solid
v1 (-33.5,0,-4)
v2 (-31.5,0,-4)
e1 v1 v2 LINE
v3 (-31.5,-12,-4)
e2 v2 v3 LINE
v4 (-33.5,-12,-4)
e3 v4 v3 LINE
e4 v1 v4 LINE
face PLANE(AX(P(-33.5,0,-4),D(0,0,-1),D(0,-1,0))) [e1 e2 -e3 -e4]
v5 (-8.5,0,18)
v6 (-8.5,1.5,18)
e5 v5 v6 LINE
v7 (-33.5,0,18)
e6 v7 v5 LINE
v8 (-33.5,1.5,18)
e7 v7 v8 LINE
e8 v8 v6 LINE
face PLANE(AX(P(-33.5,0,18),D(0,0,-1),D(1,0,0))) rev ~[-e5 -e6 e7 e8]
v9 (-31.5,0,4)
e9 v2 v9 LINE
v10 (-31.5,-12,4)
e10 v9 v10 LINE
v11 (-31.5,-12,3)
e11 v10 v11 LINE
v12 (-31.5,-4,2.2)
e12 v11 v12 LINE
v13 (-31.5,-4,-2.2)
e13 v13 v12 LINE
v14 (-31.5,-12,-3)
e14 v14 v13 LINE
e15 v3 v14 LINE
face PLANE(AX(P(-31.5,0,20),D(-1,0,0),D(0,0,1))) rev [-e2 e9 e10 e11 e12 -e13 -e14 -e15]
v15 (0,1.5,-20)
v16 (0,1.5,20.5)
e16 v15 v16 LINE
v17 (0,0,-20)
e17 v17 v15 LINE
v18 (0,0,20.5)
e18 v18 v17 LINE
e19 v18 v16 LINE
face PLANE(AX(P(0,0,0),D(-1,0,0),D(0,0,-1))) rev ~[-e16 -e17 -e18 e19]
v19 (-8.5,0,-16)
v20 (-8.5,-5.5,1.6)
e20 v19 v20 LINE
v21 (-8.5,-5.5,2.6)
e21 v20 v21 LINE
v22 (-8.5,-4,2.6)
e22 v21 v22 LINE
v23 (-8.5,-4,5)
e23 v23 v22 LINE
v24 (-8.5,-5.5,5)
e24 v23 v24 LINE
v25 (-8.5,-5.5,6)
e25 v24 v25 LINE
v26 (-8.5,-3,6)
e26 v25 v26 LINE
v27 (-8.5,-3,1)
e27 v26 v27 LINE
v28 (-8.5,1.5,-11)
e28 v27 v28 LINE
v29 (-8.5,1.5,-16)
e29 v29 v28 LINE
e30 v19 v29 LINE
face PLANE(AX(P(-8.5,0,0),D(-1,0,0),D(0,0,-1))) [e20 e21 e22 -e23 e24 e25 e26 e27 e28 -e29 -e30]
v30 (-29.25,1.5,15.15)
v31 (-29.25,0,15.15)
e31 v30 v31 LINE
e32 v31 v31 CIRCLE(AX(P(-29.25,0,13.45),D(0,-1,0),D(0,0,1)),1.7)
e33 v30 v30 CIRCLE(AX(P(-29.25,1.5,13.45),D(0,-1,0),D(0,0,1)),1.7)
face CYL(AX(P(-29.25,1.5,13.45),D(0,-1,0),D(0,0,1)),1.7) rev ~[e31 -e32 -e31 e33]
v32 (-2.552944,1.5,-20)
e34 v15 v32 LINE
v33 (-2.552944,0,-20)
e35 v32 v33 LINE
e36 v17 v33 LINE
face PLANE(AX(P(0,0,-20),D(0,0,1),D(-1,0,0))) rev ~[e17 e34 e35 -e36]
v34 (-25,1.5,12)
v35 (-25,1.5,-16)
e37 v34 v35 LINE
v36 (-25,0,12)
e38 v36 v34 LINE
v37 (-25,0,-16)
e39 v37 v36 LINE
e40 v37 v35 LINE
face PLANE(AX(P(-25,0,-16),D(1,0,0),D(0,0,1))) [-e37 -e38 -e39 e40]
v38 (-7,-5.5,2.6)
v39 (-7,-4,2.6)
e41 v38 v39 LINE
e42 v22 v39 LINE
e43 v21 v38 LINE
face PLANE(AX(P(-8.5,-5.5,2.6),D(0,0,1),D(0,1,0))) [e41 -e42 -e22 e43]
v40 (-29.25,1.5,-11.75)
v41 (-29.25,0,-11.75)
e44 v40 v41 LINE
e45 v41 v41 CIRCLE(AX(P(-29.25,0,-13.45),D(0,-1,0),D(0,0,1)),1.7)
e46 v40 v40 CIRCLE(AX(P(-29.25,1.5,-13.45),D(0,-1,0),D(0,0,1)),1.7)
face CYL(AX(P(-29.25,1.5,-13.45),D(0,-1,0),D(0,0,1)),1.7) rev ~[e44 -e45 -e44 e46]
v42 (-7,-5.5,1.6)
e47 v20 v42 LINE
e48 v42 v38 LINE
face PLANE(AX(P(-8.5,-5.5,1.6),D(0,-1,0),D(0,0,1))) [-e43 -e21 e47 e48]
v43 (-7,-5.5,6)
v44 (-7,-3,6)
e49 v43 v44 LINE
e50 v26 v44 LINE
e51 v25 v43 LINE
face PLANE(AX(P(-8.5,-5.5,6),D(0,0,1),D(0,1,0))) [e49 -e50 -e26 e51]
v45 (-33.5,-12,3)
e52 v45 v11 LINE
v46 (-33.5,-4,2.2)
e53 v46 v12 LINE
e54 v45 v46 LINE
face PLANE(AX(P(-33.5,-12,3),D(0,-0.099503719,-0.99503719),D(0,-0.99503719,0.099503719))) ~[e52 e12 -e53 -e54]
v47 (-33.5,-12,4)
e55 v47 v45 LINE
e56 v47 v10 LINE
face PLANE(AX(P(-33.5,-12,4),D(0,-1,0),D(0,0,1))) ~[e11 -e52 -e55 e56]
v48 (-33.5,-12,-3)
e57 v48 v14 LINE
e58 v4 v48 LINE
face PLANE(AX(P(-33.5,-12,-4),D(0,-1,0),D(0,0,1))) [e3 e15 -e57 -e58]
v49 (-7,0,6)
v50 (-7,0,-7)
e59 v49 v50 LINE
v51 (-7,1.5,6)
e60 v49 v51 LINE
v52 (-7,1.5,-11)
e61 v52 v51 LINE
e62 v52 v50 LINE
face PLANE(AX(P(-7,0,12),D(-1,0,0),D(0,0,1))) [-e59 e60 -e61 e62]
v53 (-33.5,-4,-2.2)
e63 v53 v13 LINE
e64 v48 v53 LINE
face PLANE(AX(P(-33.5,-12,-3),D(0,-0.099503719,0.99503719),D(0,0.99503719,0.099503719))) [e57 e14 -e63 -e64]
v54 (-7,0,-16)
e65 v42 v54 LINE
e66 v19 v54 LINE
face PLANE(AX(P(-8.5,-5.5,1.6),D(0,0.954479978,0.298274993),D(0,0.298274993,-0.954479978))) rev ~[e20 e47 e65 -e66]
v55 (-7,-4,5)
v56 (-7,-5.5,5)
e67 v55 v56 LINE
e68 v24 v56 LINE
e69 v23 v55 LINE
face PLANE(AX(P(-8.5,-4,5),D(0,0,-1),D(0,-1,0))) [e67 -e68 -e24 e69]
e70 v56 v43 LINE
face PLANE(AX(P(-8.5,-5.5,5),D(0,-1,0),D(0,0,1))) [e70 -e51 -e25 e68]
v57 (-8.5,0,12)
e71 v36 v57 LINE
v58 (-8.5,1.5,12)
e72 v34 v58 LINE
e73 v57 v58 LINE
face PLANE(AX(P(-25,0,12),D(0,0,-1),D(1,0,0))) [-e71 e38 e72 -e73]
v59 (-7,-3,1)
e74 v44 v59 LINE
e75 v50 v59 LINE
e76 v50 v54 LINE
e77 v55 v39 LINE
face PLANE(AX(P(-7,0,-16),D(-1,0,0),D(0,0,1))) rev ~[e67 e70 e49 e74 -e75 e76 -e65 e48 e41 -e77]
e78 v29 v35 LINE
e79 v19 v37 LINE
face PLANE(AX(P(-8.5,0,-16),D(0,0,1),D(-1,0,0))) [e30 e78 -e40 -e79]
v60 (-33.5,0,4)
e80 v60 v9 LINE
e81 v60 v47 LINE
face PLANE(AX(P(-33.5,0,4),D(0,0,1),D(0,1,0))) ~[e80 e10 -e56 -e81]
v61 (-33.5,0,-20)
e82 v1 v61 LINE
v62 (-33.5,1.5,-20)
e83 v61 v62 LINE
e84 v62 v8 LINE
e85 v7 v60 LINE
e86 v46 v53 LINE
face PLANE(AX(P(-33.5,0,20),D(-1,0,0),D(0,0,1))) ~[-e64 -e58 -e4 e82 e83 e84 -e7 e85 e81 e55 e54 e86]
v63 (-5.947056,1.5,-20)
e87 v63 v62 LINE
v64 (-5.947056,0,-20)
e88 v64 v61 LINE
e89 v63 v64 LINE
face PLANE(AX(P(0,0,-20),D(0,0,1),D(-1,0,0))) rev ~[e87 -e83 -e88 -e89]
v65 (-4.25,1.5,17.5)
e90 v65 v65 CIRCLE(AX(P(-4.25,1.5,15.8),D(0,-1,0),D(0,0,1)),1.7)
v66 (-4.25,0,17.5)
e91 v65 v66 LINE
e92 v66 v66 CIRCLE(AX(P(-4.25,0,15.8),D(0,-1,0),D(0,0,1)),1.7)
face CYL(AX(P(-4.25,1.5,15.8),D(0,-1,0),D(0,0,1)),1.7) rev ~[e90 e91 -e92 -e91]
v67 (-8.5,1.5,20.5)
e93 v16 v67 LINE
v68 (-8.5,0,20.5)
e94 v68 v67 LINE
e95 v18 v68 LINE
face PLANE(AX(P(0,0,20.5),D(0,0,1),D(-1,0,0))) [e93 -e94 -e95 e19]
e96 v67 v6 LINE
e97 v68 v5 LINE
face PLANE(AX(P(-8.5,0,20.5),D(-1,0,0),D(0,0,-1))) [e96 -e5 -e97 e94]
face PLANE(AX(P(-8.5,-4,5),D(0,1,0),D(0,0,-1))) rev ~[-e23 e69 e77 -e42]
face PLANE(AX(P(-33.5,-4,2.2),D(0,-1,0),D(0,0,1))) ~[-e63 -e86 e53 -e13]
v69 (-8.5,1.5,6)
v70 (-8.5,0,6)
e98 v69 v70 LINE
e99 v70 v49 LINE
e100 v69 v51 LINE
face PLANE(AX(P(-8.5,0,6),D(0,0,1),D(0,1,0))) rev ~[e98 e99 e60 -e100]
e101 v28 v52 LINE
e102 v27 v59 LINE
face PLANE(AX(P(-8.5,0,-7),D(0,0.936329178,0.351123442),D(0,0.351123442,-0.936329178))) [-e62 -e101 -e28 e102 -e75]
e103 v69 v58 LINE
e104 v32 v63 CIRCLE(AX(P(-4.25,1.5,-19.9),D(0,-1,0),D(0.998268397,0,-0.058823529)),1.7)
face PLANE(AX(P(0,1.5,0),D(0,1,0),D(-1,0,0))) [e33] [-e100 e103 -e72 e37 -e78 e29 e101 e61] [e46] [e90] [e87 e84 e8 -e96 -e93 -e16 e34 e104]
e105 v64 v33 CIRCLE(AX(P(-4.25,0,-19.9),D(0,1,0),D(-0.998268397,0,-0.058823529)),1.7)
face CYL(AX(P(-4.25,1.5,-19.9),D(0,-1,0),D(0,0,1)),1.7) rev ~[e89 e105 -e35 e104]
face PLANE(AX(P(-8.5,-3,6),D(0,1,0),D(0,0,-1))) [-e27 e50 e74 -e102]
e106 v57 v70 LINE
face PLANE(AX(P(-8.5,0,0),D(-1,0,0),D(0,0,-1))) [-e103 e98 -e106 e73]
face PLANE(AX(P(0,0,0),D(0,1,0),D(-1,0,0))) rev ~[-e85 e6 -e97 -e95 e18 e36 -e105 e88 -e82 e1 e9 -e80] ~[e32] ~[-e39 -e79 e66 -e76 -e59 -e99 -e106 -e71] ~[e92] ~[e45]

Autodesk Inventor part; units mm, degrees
ref_plane "YZ Plane" through (0, 0, 0) normal (1, 0, 0) x (0, 1, 0)
ref_plane "XZ Plane" through (0, 0, 0) normal (0, 1, 0) x (-1, 0, 0)
sketch "Skizze1" plane through (0, 0, 0) normal (0, 1, 0) x (-1, 0, 0)
  line L0 (0, -20) -> (33.5, -20)
  line L1 (33.5, -20) -> (33.5, 18)
  line L2 (33.5, 18) -> (0, 18)
  line L3 (0, 18) -> (0, -20)
  line L4 (-6.7, 0) -> (40.2, 0) projected
  line L5 (0, 18) -> (0, 20.5)
  line L6 (0, 20.5) -> (8.5, 20.5)
  line L7 (8.5, 20.5) -> (8.5, 18)
  line L8 (25, 12) -> (8.5, 12)
  line L9 (8.5, 12) -> (8.5, -16)
  line L10 (8.5, -16) -> (25, -16)
  line L11 (25, -16) -> (25, 12)
  point P0 (0, 0)
  dimension "d1" = 33.5
  dimension "d4" = 18
  dimension "d5" = 20
  dimension "d6" = 2.5
  dimension "d7" = 8.5
  dimension "d8" = 6
  dimension "d9" = 4
  dimension "d10" = 8.5
  dimension "d11" = 8.5
extrude "Extrusion1" add sketch "Skizze1" along normal blind 1.5 contours L3 L4 L9 L10 L11 L1 L0 | L3 L2 L1 L4 L11 L8 L9 | L5 L6 L7 L2
sketch "Skizze2" plane through (-8.5, 0, -16) normal (-1, 0, 0) x (0, 0, 1)
  line L0 (28, 0) -> (0, 0) projected
  line L1 (17.6, 0) -> (17.6, -5.5)
  line L2 (17.6, -5.5) -> (18.6, -5.5)
  line L3 (18.6, -5.5) -> (18.6, 0)
  line L4 (21, 0) -> (21, -5.5)
  line L5 (21, -5.5) -> (22, -5.5)
  line L6 (22, -5.5) -> (22, 0)
  line L7 (16, 2.6) -> (16, -5.1) projected
  line L8 (21, -4) -> (18.6, -4)
  line L9 (17.6, -5.5) -> (0, 0)
  point P0 (16, 0)
  point P1 (16, -5)
  dimension "d12" = 2.6
  dimension "d13" = 5
  dimension "d14" = 1
  dimension "d15" = 1
  dimension "d16" = 5.5
  dimension "d19" = 4
extrude "Extrusion2" add sketch "Skizze2" against normal blind 1.5
sketch "Skizze3" plane through (-8.5, 0, 12) normal (-1, 0, 0) x (0, 0, 1)
  line L0 (-32, 1.5) -> (6, 1.5) projected
  line L1 (-6, -5.5) -> (-6, 0) projected
  line L2 (-6, 0) -> (-28, 0) projected
  line L3 (-6, 0) -> (-6, 1.5)
  line L4 (-6, 0) -> (-6, -5.5) projected
  line L5 (-6, -3) -> (-11, -3)
  line L6 (-11, -3) -> (-23, 1.5)
  line L7 (8.5, 1.5) -> (-32, 1.5) projected
  line L8 (-9.4, -4) -> (-7, -4) projected
  line L9 (-28, 0) -> (-28, 1.5) projected
  point P0 (-12, 0)
  dimension "d20" = 1
  dimension "d21" = 5
  dimension "d23" = 5
extrude "Extrusion3" cut sketch "Skizze3" against normal up to surface (1.5 mm away) contours L0 L3 L2 L6 | L2 L1 L5 L6
sketch "Skizze4" plane through (-33.5, 0, -20) normal (-1, 0, 0) x (0, 0, 1)
  line L0 (32, 0) -> (4, 0) projected
  line L1 (16, 0) -> (16, -12)
  line L2 (16, -12) -> (17, -12)
  line L3 (17, -12) -> (17.8, -4)
  line L4 (17.8, -4) -> (20, -4)
  line L5 (20, -4) -> (20, 0)
  line L6 (20, 5.3565) -> (20, -21.6388) projected
  dimension "d26" = 3
  dimension "d27" = 2.2
  dimension "d28" = 4
  dimension "d29" = 8
  dimension "d30" = 12
extrude "Extrusion4" add sketch "Skizze4" against normal blind 2
mirror "Spiegeln1" about plane through (0, 0, 0) normal (0, 0, 1) of "Extrusion4"
sketch "Skizze5" plane through (0, 1.5, 0) normal (0, 1, 0) x (1, 0, 0)
  line L0 (6.7, 0) -> (-40.2, 0) projected
  line L1 (0, -20.5) -> (0, 20) projected
  point P0 (0, 0)
  point P1 (-29.25, -13.45)
  point P2 (-29.25, 13.45)
  point P3 (-4.25, -15.8)
  point P4 (-4.25, 19.9)
  dimension "d33" = 13.45
  dimension "d34" = 13.45
  dimension "d35" = 15.8
  dimension "d36" = 19.9
  dimension "d37" = 4.25
  dimension "d38" = 29.25
hole "Bohrung1" at (-29.25, 1.5, 13.45) at (-29.25, 1.5, -13.45) at (-4.25, 1.5, 15.8) at (-4.25, 1.5, -19.9) direction (0, -1, 0) diameter 3.4 depth 23.75 tip angle 118
properties part number "servo_und_kabelhalter"
